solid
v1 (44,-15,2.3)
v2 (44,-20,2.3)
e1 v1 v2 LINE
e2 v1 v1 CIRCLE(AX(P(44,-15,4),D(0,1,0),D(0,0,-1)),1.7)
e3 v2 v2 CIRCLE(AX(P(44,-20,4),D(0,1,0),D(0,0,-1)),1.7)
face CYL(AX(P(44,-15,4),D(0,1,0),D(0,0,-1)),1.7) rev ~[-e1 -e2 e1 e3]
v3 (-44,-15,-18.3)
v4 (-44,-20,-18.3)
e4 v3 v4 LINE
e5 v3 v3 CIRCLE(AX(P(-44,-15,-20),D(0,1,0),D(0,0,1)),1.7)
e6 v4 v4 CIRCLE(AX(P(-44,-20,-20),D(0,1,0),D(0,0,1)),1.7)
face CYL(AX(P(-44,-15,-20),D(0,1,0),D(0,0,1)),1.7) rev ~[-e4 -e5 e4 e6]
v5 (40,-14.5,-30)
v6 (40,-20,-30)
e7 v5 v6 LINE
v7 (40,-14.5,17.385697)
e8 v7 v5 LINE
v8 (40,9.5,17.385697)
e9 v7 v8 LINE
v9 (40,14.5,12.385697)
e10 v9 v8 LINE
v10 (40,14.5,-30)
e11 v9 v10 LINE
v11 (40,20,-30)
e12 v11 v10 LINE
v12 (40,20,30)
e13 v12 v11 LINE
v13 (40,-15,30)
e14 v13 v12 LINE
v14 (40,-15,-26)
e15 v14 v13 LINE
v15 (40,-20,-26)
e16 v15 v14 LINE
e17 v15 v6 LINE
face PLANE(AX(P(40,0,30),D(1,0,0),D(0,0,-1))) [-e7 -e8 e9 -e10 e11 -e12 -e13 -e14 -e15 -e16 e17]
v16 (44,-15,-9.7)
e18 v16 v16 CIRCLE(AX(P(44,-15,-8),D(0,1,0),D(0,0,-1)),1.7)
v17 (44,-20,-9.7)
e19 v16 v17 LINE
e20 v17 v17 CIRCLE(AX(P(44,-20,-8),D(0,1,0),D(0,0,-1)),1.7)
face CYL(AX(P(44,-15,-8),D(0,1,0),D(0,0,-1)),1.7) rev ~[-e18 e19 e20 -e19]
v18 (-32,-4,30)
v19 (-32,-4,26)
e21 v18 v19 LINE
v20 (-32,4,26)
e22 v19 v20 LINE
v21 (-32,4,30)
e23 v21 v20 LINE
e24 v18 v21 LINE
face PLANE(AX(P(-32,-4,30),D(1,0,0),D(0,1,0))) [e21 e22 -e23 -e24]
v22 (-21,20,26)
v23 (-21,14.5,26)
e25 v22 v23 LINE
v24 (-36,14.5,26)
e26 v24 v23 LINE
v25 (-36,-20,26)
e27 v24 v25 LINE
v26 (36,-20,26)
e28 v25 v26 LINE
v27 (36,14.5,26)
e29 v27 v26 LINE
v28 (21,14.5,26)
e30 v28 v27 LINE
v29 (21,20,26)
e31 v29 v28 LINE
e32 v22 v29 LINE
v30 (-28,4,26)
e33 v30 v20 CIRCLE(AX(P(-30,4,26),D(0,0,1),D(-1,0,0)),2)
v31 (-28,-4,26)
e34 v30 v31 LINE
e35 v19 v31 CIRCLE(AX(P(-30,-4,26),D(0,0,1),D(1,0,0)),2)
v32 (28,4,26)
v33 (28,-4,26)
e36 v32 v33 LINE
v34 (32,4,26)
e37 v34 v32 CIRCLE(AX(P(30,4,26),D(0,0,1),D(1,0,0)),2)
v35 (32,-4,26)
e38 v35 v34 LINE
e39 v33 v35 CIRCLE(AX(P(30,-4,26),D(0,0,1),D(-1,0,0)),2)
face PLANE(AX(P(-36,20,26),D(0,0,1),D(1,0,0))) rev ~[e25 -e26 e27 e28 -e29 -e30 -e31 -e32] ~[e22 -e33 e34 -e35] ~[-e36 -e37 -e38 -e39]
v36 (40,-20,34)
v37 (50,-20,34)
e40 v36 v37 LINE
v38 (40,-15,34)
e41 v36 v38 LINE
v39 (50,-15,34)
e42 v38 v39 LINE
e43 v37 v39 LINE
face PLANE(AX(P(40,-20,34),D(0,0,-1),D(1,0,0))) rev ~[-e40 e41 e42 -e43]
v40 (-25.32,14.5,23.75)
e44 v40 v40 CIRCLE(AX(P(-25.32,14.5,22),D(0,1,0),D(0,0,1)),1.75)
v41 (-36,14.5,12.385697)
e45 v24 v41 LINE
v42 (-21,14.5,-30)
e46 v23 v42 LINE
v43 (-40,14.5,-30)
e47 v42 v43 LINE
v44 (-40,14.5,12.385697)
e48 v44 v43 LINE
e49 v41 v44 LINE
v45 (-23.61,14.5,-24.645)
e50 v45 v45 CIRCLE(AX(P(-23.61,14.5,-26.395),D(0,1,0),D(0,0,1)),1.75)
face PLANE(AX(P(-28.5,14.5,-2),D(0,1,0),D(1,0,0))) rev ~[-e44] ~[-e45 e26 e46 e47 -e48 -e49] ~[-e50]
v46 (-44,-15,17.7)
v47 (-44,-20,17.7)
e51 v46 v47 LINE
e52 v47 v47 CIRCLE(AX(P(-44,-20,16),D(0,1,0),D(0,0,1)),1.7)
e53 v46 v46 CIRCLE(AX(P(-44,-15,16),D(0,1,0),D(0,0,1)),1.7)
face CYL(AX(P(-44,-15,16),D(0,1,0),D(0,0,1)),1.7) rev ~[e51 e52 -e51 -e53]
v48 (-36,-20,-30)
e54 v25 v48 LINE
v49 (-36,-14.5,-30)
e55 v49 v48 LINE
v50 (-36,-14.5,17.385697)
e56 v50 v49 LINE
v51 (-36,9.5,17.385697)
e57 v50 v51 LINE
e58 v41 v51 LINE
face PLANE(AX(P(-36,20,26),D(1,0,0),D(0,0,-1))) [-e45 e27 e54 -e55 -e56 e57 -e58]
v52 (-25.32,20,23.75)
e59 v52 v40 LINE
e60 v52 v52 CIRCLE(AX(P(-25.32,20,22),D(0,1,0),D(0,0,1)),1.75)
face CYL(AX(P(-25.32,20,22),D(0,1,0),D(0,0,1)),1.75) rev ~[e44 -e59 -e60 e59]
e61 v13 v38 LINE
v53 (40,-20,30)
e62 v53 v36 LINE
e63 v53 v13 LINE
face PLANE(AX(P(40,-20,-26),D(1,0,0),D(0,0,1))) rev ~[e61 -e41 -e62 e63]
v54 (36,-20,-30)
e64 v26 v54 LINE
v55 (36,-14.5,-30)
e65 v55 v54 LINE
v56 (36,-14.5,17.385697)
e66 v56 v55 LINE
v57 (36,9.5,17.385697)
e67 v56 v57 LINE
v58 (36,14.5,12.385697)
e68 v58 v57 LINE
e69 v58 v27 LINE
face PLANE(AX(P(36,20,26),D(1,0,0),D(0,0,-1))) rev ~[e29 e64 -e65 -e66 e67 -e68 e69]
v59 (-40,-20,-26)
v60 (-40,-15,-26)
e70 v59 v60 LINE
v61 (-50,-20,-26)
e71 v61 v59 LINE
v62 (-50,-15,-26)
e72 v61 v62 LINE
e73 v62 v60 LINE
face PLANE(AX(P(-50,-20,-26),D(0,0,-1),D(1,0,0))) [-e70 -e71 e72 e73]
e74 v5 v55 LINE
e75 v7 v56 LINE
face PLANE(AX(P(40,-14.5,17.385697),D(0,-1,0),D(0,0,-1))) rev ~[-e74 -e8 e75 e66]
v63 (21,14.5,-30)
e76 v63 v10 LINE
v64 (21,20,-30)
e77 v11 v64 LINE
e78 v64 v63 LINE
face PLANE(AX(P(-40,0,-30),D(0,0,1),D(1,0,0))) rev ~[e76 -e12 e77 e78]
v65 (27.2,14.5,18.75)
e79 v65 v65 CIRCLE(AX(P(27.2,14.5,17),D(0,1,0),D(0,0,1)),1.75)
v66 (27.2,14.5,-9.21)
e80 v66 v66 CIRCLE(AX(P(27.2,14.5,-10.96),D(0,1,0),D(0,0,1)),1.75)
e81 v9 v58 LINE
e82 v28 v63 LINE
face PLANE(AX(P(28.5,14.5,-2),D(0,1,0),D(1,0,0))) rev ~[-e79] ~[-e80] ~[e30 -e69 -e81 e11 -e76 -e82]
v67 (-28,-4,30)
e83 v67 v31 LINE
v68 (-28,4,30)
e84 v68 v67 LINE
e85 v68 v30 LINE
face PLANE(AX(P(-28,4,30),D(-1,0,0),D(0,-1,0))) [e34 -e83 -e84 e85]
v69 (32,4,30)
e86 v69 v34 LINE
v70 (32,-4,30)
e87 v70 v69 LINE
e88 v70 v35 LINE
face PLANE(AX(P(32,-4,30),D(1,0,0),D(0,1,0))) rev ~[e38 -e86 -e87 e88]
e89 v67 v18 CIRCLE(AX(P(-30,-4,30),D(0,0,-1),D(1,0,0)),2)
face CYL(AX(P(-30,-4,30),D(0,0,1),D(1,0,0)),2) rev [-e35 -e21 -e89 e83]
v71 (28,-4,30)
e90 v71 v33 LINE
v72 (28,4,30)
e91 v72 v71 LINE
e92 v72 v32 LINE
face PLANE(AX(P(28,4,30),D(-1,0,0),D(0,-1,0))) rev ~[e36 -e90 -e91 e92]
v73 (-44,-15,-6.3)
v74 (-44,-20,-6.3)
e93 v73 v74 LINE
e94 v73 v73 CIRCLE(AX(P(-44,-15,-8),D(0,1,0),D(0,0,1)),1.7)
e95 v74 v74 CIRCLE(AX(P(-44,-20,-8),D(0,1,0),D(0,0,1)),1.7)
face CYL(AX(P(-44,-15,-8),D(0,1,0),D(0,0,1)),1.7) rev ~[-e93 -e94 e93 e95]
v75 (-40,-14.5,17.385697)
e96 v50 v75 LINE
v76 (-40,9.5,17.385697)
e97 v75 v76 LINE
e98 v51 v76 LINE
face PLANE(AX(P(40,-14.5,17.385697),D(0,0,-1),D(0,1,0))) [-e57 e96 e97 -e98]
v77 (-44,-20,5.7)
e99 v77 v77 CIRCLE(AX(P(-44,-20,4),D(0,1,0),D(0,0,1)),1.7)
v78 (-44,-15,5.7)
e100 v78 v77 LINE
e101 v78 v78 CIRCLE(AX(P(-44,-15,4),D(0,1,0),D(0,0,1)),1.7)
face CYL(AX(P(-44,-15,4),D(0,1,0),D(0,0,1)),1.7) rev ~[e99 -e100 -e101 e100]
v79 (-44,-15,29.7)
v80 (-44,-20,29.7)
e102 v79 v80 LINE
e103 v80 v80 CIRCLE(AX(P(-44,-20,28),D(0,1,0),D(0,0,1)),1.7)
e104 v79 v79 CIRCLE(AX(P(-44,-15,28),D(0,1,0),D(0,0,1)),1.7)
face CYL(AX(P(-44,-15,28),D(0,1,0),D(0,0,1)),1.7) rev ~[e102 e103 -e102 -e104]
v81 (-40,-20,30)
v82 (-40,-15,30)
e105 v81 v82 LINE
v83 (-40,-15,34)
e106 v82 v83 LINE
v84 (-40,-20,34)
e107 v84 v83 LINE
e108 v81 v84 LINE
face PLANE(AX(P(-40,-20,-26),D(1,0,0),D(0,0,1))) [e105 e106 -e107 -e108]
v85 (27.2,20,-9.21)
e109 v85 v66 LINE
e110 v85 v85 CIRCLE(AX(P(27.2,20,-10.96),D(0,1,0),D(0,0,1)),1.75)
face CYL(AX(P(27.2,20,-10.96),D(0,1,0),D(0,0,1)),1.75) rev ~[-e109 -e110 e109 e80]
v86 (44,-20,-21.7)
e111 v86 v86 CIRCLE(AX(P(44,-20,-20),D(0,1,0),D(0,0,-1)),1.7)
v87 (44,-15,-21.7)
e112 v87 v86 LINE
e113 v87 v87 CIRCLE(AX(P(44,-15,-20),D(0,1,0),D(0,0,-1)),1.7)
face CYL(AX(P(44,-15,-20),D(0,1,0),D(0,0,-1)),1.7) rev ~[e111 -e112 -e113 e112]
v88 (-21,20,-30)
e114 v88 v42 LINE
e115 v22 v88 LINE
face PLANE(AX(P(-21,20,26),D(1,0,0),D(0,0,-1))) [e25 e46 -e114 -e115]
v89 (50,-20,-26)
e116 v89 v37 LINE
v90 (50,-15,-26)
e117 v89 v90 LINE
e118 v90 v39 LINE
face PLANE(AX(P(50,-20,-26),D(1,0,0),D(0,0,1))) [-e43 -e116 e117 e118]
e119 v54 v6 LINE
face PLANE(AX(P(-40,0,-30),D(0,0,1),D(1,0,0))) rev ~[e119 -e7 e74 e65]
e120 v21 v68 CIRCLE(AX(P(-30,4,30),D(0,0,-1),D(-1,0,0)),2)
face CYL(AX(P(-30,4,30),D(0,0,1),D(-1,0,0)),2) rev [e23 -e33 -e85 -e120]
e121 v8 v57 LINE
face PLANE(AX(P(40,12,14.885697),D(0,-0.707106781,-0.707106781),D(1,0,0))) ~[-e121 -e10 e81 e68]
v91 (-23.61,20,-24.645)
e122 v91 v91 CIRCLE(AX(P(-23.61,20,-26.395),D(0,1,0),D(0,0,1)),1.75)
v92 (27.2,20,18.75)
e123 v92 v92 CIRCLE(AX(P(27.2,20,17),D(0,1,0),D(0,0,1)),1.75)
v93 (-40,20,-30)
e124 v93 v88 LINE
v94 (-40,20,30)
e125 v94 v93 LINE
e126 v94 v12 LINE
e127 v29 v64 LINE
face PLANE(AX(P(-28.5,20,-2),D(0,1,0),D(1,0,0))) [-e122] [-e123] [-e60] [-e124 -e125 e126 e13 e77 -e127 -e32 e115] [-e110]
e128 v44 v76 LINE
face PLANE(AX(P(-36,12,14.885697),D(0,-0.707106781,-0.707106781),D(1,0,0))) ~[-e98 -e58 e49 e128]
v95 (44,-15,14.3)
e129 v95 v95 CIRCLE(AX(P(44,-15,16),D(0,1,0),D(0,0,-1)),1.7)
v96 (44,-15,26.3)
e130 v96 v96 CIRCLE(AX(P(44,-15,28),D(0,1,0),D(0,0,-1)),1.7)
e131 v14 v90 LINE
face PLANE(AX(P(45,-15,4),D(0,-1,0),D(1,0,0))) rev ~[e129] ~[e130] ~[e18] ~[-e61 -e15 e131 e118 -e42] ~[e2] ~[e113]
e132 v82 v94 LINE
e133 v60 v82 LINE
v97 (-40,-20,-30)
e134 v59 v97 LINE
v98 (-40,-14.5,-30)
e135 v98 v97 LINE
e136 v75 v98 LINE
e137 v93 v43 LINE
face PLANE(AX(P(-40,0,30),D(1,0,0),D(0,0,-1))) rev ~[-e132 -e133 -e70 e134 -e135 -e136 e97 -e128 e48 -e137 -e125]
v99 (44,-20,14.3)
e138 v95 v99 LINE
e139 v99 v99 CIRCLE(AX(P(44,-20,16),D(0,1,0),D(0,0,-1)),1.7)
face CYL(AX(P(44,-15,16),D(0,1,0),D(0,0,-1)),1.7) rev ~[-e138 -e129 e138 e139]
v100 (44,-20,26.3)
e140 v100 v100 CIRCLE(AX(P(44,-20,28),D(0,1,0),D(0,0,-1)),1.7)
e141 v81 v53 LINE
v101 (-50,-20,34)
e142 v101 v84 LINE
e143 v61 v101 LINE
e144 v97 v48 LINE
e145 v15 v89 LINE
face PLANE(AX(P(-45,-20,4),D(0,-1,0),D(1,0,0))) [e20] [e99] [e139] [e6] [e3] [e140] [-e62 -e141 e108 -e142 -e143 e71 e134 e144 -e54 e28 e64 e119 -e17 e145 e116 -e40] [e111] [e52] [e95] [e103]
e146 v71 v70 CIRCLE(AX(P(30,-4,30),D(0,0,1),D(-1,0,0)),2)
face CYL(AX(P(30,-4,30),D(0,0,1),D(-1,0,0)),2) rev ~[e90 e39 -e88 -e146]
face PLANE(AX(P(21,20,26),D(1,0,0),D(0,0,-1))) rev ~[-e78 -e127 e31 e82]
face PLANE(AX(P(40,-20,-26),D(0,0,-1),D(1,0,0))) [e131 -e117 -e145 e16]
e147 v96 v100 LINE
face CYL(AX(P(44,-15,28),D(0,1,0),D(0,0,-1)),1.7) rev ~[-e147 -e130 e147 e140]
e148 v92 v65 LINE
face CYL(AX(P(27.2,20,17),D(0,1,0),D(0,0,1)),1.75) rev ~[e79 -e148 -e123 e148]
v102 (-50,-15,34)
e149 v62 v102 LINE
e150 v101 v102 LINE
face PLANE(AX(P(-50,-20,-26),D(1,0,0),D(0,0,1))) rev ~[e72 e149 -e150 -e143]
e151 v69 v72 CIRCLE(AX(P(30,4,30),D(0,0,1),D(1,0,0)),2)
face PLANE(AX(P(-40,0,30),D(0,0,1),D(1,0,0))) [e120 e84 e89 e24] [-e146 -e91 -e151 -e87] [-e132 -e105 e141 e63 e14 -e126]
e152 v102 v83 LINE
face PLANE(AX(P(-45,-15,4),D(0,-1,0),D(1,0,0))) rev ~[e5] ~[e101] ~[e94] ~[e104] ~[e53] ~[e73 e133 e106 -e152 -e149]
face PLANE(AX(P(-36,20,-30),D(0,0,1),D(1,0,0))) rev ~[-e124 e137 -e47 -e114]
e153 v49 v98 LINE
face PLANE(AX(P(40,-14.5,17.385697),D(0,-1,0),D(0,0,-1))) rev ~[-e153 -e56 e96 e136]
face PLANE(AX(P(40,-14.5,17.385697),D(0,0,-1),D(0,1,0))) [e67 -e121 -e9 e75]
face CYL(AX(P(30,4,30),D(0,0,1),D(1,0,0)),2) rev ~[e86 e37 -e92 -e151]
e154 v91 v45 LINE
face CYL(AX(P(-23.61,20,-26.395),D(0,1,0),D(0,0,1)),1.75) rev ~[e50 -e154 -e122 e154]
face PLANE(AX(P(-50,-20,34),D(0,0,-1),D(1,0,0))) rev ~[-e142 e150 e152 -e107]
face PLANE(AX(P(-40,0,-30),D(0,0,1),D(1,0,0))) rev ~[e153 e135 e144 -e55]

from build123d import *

# Parameters (mm, degrees)
SKETCH_1_W          = 80
SKETCH_1_H          = 60
EXTRUDE_1_DEPTH     = 20
SKETCH_2_W          = 72
SKETCH_2_H          = 56
CUT_EXTRUDE_1_DEPTH = 70
SKETCH_3_W          = 47.385697094
SKETCH_3_H          = 29
CUT_EXTRUDE_2_DEPTH = 80
SKETCH_4_W          = 10
SKETCH_4_H          = 60
EXTRUDE_2_DEPTH     = 5
SKETCH_5_R          = 1.7
CUT_EXTRUDE_3_DEPTH = 25
SKETCH_6_W          = 15
SKETCH_6_H          = 56
EXTRUDE_3_DEPTH     = 5.5
SKETCH_8_R          = 1.75
CUT_EXTRUDE_5_DEPTH = 10
CHAMFER_1_SIZE      = 5
CUT_EXTRUDE_8_DEPTH = 10


with BuildPart() as part:
    # 草图1 → 凸台-拉伸1 (new, symmetric)
    with BuildSketch(Plane(origin=(0, 0, 0), x_dir=(1, 0, 0), z_dir=(0, 1, 0))):
        Rectangle(SKETCH_1_W, SKETCH_1_H)
    extrude(amount=EXTRUDE_1_DEPTH, both=True)

    # 草图2 → 切除-拉伸1 (cut)
    with BuildSketch(Plane(origin=(0, 20, 0), x_dir=(1, 0, 0), z_dir=(0, 1, 0))):
        with Locations((0, 2)):
            Rectangle(SKETCH_2_W, SKETCH_2_H)
    extrude(amount=-CUT_EXTRUDE_1_DEPTH, mode=Mode.SUBTRACT)

    # 草图3 → 切除-拉伸2 (cut)
    with BuildSketch(Plane(origin=(40, 0, 0), x_dir=(0, 0, -1), z_dir=(1, 0, 0))):
        with Locations((6.307151453, 0)):
            Rectangle(SKETCH_3_W, SKETCH_3_H)
    extrude(amount=-CUT_EXTRUDE_2_DEPTH, mode=Mode.SUBTRACT)

    # 草图4 → 凸台-拉伸2 (add)
    with BuildSketch(Plane.XZ.offset(20)):
        with Locations((-45, 4)):
            Rectangle(SKETCH_4_W, SKETCH_4_H)
        with Locations((45, 4)):
            Rectangle(SKETCH_4_W, SKETCH_4_H)
    extrude(amount=-EXTRUDE_2_DEPTH)

    # 草图5 → 切除-拉伸3 (cut)
    with BuildSketch(Plane(origin=(0, -15, 0), x_dir=(1, 0, 0), z_dir=(0, 1, 0))):
        with Locations(Location((-44, 20, 0), (0, 0, 270))):
            Circle(SKETCH_5_R)
        with Locations(Location((-44, 8, 0), (0, 0, 270))):
            Circle(SKETCH_5_R)
        with Locations(Location((-44, -4, 0), (0, 0, 270))):
            Circle(SKETCH_5_R)
        with Locations(Location((-44, -16, 0), (0, 0, 270))):
            Circle(SKETCH_5_R)
        with Locations(Location((-44, -28, 0), (0, 0, 270))):
            Circle(SKETCH_5_R)
        with Locations(Location((44, -28, 0), (0, 0, 90))):
            Circle(SKETCH_5_R)
        with Locations(Location((44, -16, 0), (0, 0, 90))):
            Circle(SKETCH_5_R)
        with Locations(Location((44, -4, 0), (0, 0, 90))):
            Circle(SKETCH_5_R)
        with Locations(Location((44, 8, 0), (0, 0, 90))):
            Circle(SKETCH_5_R)
        with Locations(Location((44, 20, 0), (0, 0, 90))):
            Circle(SKETCH_5_R)
    extrude(amount=-CUT_EXTRUDE_3_DEPTH, mode=Mode.SUBTRACT)

    # 草图6 → 凸台-拉伸3 (add)
    with BuildSketch(Plane(origin=(0, 20, 0), x_dir=(1, 0, 0), z_dir=(0, 1, 0))):
        with Locations((-28.5, 2)):
            Rectangle(SKETCH_6_W, SKETCH_6_H)
        with Locations((28.5, 2)):
            Rectangle(SKETCH_6_W, SKETCH_6_H)
    extrude(amount=-EXTRUDE_3_DEPTH)

    # 草图8 → 切除-拉伸5 (cut)
    with BuildSketch(Plane(origin=(0, 20, 0), x_dir=(1, 0, 0), z_dir=(0, 1, 0))):
        with Locations(Location((-25.32, -22, 0), (0, 0, 270))):
            Circle(SKETCH_8_R)
        with Locations(Location((-23.61, 26.395, 0), (0, 0, 270))):
            Circle(SKETCH_8_R)
        with Locations(Location((27.2, 10.96, 0), (0, 0, 270))):
            Circle(SKETCH_8_R)
        with Locations(Location((27.2, -17, 0), (0, 0, 270))):
            Circle(SKETCH_8_R)
    extrude(amount=-CUT_EXTRUDE_5_DEPTH, mode=Mode.SUBTRACT)

    # 倒角1
    chamfer_1_edges = [part.edges().sort_by_distance(p)[0] for p in [
        (38, 14.5, 17.385697094),
        (-38, 14.5, 17.385697094),
    ]]
    chamfer(chamfer_1_edges, length=CHAMFER_1_SIZE)

    # 草图10 → 切除-拉伸8 (cut)
    with BuildSketch(Plane.XY.offset(30)):
        with BuildLine():
            Line((-28, 4), (-28, -4))
            ThreePointArc((-28, -4), (-30, -6), (-32, -4))
            Line((-32, -4), (-32, 4))
            ThreePointArc((-32, 4), (-30, 6), (-28, 4))
        make_face()
        with BuildLine():
            Line((28, 4), (28, -4))
            ThreePointArc((28, -4), (30, -6), (32, -4))
            Line((32, -4), (32, 4))
            ThreePointArc((32, 4), (30, 6), (28, 4))
        make_face()
    extrude(amount=-CUT_EXTRUDE_8_DEPTH, mode=Mode.SUBTRACT)


solid = part.part
